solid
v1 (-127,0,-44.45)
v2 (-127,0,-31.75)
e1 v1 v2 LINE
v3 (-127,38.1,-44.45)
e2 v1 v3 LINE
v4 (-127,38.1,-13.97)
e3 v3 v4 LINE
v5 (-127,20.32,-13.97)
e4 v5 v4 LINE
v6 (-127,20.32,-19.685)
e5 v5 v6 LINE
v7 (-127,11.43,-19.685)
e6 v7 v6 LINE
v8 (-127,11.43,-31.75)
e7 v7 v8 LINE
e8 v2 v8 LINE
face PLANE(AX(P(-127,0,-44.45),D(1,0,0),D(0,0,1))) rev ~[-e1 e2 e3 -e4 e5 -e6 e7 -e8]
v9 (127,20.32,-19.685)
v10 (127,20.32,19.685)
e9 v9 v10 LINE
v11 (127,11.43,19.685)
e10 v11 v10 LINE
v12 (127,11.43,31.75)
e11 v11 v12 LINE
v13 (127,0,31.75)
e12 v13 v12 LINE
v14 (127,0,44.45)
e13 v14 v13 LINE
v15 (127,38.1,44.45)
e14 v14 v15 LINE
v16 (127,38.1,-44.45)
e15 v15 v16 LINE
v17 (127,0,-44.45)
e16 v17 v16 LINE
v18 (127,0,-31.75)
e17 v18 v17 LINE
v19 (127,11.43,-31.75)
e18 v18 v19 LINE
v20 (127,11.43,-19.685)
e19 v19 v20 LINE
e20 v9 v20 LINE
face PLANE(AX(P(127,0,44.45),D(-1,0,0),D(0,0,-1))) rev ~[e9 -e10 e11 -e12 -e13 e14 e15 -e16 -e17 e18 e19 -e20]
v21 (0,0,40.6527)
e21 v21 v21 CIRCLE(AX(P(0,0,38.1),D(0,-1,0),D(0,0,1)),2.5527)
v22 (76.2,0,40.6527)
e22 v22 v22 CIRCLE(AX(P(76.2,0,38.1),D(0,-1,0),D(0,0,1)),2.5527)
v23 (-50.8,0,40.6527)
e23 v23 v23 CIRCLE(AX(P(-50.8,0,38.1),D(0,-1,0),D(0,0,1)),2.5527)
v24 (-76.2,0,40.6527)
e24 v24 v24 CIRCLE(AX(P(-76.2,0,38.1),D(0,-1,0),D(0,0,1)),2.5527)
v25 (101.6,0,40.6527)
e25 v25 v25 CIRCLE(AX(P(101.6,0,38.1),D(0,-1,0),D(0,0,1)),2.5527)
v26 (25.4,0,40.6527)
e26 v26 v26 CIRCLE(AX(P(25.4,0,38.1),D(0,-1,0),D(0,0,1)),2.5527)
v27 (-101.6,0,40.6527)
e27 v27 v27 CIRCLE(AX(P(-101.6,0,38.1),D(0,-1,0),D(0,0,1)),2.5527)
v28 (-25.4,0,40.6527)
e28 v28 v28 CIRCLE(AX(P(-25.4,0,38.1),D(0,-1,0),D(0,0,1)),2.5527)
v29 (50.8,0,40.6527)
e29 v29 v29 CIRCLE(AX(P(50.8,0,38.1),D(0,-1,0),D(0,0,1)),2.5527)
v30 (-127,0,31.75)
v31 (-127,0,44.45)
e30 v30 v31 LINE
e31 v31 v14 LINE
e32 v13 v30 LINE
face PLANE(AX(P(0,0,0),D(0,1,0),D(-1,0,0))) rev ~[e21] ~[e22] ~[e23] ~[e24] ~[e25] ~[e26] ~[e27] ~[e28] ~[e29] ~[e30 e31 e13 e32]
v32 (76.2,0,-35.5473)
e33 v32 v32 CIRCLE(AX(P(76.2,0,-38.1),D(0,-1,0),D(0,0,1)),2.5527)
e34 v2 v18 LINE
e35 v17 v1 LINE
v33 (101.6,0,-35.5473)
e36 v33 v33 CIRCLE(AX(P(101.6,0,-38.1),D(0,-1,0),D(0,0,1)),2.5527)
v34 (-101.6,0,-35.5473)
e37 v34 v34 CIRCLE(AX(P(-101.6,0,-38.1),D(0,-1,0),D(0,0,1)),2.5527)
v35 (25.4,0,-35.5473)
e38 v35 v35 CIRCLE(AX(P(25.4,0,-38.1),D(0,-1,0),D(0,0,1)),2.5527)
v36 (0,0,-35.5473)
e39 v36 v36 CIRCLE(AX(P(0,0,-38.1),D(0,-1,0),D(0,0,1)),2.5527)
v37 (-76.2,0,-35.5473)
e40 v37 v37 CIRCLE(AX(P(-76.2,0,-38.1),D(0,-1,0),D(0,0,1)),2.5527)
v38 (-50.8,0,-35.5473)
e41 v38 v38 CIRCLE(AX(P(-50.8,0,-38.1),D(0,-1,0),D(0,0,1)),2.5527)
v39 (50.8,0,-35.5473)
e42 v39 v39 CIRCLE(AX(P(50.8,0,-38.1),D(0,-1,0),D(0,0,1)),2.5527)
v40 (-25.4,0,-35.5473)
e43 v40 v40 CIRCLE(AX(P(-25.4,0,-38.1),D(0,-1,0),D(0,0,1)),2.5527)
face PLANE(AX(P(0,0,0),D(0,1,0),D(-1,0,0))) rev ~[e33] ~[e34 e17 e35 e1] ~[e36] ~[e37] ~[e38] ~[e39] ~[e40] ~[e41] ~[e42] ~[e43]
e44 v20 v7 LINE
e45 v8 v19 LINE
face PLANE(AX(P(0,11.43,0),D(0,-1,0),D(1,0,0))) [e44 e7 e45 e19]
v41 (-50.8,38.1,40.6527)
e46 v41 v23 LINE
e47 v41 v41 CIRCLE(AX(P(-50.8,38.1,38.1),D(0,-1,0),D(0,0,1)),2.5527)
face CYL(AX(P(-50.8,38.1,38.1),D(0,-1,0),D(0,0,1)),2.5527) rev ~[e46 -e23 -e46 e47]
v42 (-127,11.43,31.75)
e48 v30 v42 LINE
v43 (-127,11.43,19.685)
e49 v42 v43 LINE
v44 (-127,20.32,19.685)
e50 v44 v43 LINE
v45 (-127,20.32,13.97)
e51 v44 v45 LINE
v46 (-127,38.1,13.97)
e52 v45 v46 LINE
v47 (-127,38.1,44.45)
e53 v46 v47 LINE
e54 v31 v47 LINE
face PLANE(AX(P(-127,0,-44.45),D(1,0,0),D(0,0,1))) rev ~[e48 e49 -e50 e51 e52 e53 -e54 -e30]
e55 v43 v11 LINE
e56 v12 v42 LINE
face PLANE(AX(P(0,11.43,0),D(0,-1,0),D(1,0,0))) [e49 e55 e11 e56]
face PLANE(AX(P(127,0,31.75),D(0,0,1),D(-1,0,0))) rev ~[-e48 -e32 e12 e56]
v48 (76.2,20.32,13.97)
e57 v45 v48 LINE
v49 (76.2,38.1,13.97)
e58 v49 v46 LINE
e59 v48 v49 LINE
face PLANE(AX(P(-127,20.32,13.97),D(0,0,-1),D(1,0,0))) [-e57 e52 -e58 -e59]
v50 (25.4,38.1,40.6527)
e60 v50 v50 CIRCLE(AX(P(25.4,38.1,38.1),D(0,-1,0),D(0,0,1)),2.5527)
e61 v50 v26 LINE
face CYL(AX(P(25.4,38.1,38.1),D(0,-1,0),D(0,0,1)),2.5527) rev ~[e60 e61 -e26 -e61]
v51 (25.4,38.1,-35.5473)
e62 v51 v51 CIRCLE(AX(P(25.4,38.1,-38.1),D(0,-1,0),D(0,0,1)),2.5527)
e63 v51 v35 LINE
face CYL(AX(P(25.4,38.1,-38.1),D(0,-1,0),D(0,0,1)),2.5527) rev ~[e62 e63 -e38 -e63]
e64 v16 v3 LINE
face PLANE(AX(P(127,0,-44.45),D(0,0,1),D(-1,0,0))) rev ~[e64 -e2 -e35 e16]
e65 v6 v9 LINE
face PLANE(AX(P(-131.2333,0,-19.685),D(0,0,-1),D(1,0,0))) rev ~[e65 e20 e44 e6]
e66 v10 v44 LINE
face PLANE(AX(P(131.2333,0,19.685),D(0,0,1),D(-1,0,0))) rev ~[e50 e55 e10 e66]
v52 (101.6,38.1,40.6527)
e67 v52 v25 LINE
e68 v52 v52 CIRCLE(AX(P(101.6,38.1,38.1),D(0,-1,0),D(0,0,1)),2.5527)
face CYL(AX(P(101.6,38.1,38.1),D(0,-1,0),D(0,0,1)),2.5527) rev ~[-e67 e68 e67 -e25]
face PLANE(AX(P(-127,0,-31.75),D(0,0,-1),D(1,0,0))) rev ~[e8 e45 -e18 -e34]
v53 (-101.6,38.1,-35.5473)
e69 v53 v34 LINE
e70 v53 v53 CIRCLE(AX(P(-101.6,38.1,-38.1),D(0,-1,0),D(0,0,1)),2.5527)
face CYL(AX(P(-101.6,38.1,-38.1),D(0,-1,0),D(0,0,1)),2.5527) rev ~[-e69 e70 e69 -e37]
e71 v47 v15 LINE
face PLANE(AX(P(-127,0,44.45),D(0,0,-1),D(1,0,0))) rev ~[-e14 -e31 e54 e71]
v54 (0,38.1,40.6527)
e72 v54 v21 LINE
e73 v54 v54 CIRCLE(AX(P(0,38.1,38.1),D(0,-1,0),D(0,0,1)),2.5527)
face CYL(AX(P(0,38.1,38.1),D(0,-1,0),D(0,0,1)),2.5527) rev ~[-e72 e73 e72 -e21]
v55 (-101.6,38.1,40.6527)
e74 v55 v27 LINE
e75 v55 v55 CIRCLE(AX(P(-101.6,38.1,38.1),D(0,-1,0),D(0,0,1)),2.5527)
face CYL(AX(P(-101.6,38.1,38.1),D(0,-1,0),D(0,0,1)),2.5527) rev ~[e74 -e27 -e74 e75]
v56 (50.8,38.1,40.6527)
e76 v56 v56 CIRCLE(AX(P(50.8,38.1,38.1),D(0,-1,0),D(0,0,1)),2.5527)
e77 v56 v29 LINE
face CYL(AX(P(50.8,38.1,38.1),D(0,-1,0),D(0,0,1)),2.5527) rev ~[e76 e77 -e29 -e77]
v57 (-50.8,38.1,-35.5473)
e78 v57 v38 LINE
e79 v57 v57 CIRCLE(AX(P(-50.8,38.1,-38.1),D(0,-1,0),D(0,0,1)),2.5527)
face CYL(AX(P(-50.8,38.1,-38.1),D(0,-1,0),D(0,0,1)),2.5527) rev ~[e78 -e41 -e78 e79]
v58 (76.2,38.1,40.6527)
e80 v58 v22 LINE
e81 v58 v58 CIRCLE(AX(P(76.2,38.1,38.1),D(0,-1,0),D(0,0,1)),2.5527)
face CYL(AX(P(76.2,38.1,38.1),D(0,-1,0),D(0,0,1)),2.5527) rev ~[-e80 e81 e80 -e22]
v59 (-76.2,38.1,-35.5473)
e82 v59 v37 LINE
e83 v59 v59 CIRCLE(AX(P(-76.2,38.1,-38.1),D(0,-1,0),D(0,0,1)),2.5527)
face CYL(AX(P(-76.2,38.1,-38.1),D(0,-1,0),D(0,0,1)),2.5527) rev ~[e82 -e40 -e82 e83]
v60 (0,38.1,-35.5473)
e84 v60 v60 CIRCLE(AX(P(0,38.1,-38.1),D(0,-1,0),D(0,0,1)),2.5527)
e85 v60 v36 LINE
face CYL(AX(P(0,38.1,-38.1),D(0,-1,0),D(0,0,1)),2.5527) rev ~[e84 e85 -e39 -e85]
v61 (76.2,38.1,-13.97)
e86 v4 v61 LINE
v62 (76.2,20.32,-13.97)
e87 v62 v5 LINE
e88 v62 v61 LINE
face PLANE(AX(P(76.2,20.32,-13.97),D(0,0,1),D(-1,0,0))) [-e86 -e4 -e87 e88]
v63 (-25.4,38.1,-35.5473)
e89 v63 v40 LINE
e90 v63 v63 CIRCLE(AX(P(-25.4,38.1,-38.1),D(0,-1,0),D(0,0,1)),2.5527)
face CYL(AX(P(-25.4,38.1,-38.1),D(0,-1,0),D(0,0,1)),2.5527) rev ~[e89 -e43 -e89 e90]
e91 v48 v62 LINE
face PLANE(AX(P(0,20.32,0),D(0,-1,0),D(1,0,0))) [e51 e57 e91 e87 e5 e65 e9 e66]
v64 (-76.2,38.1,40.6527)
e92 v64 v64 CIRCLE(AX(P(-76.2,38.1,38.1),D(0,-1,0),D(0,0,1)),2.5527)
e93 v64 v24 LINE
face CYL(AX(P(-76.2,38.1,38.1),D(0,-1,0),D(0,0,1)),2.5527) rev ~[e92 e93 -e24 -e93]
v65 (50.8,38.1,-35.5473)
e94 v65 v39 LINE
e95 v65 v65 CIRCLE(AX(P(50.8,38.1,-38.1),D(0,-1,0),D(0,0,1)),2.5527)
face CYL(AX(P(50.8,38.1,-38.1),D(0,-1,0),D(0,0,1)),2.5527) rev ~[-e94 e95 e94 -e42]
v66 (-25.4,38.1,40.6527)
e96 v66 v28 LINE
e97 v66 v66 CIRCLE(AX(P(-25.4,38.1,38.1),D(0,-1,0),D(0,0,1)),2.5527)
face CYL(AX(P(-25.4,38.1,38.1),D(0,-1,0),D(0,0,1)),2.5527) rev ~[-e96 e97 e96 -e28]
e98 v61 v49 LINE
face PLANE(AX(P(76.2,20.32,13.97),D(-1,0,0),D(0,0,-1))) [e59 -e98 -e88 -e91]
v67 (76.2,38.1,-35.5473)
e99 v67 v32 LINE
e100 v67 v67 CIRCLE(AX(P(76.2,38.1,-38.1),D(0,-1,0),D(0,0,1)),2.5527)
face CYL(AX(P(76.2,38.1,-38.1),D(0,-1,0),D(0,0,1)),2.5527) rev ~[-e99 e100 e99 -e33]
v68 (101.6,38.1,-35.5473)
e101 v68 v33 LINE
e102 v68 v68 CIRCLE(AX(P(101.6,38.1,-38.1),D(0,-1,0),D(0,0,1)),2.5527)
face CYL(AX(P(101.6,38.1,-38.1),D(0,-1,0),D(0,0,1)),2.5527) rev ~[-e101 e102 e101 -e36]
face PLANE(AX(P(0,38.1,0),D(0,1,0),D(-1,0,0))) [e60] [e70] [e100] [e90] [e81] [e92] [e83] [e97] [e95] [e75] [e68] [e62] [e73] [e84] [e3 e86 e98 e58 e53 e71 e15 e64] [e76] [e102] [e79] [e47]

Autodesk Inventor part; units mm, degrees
ref_plane "YZ Plane" through (0, 0, 0) normal (1, 0, 0) x (0, 1, 0)
ref_plane "XZ Plane" through (0, 0, 0) normal (0, 1, 0) x (-1, 0, 0)
sketch "Sketch1" plane through (0, 0, 0) normal (0, 1, 0) x (-1, 0, 0)
  line L0 (127, 44.45) -> (-127, 44.45)
  line L1 (-127, 44.45) -> (-127, -44.45)
  line L2 (-127, -44.45) -> (127, -44.45)
  line L3 (127, -44.45) -> (127, 44.45)
  line L4 (127, 44.45) -> (-127, -44.45) construction
  line L5 (-127, 44.45) -> (127, -44.45) construction
  point P0 (0, 0)
  dimension "d0" = 254
  dimension "d1" = 88.9
extrude "Extrusion1" add sketch "Sketch1" along normal blind 38.1
sketch "Sketch2" plane through (0, 0, 0) normal (0, -1, 0) x (1, 0, 0)
  line L0 (-131.2333, 19.685) -> (-131.2333, -19.685)
  line L1 (-131.2333, -19.685) -> (131.2333, -19.685)
  line L2 (131.2333, -19.685) -> (131.2333, 19.685)
  line L3 (131.2333, 19.685) -> (-131.2333, 19.685)
  line L4 (-131.2333, 19.685) -> (131.2333, -19.685) construction
  line L5 (-131.2333, -19.685) -> (131.2333, 19.685) construction
  point P0 (0, 0)
  dimension "d4" = 39.37
extrude "Extrusion2" cut sketch "Sketch2" against normal blind 20.32
sketch "Sketch3" plane through (0, 20.32, 0) normal (0, -1, 0) x (1, 0, 0)
  line L0 (-127, -19.685) -> (-127, 19.685) projected
  line L1 (76.2, 13.97) -> (76.2, -13.97)
  line L2 (76.2, -13.97) -> (-127, -13.97)
  line L3 (-127, -13.97) -> (-127, 13.97)
  line L4 (-127, 13.97) -> (76.2, 13.97)
  line L5 (76.2, 13.97) -> (-127, -13.97) construction
  line L6 (76.2, -13.97) -> (-127, 13.97) construction
  point P0 (0, 0)
  point P1 (-25.4, 0)
  point P2 (-127, -13.97)
  dimension "d7" = 101.6
  dimension "d8" = 27.94
extrude "Extrusion3" cut sketch "Sketch3" against normal through all
sketch "Sketch4" plane through (0, 0, 0) normal (0, -1, 0) x (1, 0, 0)
  line L0 (127, 31.75) -> (-127, 31.75)
  line L1 (-127, 31.75) -> (-127, -31.75)
  line L2 (-127, -31.75) -> (127, -31.75)
  line L3 (127, -31.75) -> (127, 31.75)
  line L4 (127, 31.75) -> (-127, -31.75) construction
  line L5 (-127, 31.75) -> (127, -31.75) construction
  point P0 (0, 0)
  dimension "d11" = 63.5
  dimension "d12" = 254
extrude "Extrusion4" cut sketch "Sketch4" against normal blind 11.43
sketch "Sketch5" plane through (0, 38.1, 0) normal (0, 1, 0) x (1, 0, 0)
  line L0 (127, 44.45) -> (-127, 44.45) projected
  line L1 (-127, 44.45) -> (-127, 13.97) projected
  line L2 (-101.6, 38.1) -> (127, 38.1) construction
  line L3 (-101.6, 38.1) -> (-101.6, -44.45) construction
  line L4 (-127, -44.45) -> (127, -44.45) construction
  point P0 (0, 0)
  point P1 (-76.2, 38.1)
  point P2 (-50.8, 38.1)
  point P3 (-25.4, 38.1)
  point P4 (0, 38.1)
  point P5 (25.4, 38.1)
  point P6 (50.8, 38.1)
  point P7 (76.2, 38.1)
  point P8 (101.6, 38.1)
  point P9 (-101.6, -38.1)
  point P10 (-76.2, -38.1)
  point P11 (-50.8, -38.1)
  point P12 (-25.4, -38.1)
  point P13 (0, -38.1)
  point P14 (25.4, -38.1)
  point P15 (50.8, -38.1)
  point P16 (76.2, -38.1)
  point P17 (101.6, -38.1)
  dimension "d15" = 6.35
  dimension "d16" = 25.4
  dimension "d19" = 25.4
  dimension "d22" = 76.2
hole "Hole1" at (-101.6, 38.1, -38.1) at (-76.2, 38.1, -38.1) at (-50.8, 38.1, -38.1) at (-25.4, 38.1, -38.1) at (0, 38.1, -38.1) at (25.4, 38.1, -38.1) at (50.8, 38.1, -38.1) at (76.2, 38.1, -38.1) at (101.6, 38.1, -38.1) at (-101.6, 38.1, 38.1) at (-76.2, 38.1, 38.1) at (-50.8, 38.1, 38.1) at (-25.4, 38.1, 38.1) at (0, 38.1, 38.1) at (25.4, 38.1, 38.1) at (50.8, 38.1, 38.1) at (76.2, 38.1, 38.1) at (101.6, 38.1, 38.1) direction (0, -1, 0) diameter 5.1054 end through all clearance for "Hex Machine Screw" size "#10" standard "Ansi Unified Screw Threads"
properties part number "pistonHousingV03-8-in" material "PET Plastic"
